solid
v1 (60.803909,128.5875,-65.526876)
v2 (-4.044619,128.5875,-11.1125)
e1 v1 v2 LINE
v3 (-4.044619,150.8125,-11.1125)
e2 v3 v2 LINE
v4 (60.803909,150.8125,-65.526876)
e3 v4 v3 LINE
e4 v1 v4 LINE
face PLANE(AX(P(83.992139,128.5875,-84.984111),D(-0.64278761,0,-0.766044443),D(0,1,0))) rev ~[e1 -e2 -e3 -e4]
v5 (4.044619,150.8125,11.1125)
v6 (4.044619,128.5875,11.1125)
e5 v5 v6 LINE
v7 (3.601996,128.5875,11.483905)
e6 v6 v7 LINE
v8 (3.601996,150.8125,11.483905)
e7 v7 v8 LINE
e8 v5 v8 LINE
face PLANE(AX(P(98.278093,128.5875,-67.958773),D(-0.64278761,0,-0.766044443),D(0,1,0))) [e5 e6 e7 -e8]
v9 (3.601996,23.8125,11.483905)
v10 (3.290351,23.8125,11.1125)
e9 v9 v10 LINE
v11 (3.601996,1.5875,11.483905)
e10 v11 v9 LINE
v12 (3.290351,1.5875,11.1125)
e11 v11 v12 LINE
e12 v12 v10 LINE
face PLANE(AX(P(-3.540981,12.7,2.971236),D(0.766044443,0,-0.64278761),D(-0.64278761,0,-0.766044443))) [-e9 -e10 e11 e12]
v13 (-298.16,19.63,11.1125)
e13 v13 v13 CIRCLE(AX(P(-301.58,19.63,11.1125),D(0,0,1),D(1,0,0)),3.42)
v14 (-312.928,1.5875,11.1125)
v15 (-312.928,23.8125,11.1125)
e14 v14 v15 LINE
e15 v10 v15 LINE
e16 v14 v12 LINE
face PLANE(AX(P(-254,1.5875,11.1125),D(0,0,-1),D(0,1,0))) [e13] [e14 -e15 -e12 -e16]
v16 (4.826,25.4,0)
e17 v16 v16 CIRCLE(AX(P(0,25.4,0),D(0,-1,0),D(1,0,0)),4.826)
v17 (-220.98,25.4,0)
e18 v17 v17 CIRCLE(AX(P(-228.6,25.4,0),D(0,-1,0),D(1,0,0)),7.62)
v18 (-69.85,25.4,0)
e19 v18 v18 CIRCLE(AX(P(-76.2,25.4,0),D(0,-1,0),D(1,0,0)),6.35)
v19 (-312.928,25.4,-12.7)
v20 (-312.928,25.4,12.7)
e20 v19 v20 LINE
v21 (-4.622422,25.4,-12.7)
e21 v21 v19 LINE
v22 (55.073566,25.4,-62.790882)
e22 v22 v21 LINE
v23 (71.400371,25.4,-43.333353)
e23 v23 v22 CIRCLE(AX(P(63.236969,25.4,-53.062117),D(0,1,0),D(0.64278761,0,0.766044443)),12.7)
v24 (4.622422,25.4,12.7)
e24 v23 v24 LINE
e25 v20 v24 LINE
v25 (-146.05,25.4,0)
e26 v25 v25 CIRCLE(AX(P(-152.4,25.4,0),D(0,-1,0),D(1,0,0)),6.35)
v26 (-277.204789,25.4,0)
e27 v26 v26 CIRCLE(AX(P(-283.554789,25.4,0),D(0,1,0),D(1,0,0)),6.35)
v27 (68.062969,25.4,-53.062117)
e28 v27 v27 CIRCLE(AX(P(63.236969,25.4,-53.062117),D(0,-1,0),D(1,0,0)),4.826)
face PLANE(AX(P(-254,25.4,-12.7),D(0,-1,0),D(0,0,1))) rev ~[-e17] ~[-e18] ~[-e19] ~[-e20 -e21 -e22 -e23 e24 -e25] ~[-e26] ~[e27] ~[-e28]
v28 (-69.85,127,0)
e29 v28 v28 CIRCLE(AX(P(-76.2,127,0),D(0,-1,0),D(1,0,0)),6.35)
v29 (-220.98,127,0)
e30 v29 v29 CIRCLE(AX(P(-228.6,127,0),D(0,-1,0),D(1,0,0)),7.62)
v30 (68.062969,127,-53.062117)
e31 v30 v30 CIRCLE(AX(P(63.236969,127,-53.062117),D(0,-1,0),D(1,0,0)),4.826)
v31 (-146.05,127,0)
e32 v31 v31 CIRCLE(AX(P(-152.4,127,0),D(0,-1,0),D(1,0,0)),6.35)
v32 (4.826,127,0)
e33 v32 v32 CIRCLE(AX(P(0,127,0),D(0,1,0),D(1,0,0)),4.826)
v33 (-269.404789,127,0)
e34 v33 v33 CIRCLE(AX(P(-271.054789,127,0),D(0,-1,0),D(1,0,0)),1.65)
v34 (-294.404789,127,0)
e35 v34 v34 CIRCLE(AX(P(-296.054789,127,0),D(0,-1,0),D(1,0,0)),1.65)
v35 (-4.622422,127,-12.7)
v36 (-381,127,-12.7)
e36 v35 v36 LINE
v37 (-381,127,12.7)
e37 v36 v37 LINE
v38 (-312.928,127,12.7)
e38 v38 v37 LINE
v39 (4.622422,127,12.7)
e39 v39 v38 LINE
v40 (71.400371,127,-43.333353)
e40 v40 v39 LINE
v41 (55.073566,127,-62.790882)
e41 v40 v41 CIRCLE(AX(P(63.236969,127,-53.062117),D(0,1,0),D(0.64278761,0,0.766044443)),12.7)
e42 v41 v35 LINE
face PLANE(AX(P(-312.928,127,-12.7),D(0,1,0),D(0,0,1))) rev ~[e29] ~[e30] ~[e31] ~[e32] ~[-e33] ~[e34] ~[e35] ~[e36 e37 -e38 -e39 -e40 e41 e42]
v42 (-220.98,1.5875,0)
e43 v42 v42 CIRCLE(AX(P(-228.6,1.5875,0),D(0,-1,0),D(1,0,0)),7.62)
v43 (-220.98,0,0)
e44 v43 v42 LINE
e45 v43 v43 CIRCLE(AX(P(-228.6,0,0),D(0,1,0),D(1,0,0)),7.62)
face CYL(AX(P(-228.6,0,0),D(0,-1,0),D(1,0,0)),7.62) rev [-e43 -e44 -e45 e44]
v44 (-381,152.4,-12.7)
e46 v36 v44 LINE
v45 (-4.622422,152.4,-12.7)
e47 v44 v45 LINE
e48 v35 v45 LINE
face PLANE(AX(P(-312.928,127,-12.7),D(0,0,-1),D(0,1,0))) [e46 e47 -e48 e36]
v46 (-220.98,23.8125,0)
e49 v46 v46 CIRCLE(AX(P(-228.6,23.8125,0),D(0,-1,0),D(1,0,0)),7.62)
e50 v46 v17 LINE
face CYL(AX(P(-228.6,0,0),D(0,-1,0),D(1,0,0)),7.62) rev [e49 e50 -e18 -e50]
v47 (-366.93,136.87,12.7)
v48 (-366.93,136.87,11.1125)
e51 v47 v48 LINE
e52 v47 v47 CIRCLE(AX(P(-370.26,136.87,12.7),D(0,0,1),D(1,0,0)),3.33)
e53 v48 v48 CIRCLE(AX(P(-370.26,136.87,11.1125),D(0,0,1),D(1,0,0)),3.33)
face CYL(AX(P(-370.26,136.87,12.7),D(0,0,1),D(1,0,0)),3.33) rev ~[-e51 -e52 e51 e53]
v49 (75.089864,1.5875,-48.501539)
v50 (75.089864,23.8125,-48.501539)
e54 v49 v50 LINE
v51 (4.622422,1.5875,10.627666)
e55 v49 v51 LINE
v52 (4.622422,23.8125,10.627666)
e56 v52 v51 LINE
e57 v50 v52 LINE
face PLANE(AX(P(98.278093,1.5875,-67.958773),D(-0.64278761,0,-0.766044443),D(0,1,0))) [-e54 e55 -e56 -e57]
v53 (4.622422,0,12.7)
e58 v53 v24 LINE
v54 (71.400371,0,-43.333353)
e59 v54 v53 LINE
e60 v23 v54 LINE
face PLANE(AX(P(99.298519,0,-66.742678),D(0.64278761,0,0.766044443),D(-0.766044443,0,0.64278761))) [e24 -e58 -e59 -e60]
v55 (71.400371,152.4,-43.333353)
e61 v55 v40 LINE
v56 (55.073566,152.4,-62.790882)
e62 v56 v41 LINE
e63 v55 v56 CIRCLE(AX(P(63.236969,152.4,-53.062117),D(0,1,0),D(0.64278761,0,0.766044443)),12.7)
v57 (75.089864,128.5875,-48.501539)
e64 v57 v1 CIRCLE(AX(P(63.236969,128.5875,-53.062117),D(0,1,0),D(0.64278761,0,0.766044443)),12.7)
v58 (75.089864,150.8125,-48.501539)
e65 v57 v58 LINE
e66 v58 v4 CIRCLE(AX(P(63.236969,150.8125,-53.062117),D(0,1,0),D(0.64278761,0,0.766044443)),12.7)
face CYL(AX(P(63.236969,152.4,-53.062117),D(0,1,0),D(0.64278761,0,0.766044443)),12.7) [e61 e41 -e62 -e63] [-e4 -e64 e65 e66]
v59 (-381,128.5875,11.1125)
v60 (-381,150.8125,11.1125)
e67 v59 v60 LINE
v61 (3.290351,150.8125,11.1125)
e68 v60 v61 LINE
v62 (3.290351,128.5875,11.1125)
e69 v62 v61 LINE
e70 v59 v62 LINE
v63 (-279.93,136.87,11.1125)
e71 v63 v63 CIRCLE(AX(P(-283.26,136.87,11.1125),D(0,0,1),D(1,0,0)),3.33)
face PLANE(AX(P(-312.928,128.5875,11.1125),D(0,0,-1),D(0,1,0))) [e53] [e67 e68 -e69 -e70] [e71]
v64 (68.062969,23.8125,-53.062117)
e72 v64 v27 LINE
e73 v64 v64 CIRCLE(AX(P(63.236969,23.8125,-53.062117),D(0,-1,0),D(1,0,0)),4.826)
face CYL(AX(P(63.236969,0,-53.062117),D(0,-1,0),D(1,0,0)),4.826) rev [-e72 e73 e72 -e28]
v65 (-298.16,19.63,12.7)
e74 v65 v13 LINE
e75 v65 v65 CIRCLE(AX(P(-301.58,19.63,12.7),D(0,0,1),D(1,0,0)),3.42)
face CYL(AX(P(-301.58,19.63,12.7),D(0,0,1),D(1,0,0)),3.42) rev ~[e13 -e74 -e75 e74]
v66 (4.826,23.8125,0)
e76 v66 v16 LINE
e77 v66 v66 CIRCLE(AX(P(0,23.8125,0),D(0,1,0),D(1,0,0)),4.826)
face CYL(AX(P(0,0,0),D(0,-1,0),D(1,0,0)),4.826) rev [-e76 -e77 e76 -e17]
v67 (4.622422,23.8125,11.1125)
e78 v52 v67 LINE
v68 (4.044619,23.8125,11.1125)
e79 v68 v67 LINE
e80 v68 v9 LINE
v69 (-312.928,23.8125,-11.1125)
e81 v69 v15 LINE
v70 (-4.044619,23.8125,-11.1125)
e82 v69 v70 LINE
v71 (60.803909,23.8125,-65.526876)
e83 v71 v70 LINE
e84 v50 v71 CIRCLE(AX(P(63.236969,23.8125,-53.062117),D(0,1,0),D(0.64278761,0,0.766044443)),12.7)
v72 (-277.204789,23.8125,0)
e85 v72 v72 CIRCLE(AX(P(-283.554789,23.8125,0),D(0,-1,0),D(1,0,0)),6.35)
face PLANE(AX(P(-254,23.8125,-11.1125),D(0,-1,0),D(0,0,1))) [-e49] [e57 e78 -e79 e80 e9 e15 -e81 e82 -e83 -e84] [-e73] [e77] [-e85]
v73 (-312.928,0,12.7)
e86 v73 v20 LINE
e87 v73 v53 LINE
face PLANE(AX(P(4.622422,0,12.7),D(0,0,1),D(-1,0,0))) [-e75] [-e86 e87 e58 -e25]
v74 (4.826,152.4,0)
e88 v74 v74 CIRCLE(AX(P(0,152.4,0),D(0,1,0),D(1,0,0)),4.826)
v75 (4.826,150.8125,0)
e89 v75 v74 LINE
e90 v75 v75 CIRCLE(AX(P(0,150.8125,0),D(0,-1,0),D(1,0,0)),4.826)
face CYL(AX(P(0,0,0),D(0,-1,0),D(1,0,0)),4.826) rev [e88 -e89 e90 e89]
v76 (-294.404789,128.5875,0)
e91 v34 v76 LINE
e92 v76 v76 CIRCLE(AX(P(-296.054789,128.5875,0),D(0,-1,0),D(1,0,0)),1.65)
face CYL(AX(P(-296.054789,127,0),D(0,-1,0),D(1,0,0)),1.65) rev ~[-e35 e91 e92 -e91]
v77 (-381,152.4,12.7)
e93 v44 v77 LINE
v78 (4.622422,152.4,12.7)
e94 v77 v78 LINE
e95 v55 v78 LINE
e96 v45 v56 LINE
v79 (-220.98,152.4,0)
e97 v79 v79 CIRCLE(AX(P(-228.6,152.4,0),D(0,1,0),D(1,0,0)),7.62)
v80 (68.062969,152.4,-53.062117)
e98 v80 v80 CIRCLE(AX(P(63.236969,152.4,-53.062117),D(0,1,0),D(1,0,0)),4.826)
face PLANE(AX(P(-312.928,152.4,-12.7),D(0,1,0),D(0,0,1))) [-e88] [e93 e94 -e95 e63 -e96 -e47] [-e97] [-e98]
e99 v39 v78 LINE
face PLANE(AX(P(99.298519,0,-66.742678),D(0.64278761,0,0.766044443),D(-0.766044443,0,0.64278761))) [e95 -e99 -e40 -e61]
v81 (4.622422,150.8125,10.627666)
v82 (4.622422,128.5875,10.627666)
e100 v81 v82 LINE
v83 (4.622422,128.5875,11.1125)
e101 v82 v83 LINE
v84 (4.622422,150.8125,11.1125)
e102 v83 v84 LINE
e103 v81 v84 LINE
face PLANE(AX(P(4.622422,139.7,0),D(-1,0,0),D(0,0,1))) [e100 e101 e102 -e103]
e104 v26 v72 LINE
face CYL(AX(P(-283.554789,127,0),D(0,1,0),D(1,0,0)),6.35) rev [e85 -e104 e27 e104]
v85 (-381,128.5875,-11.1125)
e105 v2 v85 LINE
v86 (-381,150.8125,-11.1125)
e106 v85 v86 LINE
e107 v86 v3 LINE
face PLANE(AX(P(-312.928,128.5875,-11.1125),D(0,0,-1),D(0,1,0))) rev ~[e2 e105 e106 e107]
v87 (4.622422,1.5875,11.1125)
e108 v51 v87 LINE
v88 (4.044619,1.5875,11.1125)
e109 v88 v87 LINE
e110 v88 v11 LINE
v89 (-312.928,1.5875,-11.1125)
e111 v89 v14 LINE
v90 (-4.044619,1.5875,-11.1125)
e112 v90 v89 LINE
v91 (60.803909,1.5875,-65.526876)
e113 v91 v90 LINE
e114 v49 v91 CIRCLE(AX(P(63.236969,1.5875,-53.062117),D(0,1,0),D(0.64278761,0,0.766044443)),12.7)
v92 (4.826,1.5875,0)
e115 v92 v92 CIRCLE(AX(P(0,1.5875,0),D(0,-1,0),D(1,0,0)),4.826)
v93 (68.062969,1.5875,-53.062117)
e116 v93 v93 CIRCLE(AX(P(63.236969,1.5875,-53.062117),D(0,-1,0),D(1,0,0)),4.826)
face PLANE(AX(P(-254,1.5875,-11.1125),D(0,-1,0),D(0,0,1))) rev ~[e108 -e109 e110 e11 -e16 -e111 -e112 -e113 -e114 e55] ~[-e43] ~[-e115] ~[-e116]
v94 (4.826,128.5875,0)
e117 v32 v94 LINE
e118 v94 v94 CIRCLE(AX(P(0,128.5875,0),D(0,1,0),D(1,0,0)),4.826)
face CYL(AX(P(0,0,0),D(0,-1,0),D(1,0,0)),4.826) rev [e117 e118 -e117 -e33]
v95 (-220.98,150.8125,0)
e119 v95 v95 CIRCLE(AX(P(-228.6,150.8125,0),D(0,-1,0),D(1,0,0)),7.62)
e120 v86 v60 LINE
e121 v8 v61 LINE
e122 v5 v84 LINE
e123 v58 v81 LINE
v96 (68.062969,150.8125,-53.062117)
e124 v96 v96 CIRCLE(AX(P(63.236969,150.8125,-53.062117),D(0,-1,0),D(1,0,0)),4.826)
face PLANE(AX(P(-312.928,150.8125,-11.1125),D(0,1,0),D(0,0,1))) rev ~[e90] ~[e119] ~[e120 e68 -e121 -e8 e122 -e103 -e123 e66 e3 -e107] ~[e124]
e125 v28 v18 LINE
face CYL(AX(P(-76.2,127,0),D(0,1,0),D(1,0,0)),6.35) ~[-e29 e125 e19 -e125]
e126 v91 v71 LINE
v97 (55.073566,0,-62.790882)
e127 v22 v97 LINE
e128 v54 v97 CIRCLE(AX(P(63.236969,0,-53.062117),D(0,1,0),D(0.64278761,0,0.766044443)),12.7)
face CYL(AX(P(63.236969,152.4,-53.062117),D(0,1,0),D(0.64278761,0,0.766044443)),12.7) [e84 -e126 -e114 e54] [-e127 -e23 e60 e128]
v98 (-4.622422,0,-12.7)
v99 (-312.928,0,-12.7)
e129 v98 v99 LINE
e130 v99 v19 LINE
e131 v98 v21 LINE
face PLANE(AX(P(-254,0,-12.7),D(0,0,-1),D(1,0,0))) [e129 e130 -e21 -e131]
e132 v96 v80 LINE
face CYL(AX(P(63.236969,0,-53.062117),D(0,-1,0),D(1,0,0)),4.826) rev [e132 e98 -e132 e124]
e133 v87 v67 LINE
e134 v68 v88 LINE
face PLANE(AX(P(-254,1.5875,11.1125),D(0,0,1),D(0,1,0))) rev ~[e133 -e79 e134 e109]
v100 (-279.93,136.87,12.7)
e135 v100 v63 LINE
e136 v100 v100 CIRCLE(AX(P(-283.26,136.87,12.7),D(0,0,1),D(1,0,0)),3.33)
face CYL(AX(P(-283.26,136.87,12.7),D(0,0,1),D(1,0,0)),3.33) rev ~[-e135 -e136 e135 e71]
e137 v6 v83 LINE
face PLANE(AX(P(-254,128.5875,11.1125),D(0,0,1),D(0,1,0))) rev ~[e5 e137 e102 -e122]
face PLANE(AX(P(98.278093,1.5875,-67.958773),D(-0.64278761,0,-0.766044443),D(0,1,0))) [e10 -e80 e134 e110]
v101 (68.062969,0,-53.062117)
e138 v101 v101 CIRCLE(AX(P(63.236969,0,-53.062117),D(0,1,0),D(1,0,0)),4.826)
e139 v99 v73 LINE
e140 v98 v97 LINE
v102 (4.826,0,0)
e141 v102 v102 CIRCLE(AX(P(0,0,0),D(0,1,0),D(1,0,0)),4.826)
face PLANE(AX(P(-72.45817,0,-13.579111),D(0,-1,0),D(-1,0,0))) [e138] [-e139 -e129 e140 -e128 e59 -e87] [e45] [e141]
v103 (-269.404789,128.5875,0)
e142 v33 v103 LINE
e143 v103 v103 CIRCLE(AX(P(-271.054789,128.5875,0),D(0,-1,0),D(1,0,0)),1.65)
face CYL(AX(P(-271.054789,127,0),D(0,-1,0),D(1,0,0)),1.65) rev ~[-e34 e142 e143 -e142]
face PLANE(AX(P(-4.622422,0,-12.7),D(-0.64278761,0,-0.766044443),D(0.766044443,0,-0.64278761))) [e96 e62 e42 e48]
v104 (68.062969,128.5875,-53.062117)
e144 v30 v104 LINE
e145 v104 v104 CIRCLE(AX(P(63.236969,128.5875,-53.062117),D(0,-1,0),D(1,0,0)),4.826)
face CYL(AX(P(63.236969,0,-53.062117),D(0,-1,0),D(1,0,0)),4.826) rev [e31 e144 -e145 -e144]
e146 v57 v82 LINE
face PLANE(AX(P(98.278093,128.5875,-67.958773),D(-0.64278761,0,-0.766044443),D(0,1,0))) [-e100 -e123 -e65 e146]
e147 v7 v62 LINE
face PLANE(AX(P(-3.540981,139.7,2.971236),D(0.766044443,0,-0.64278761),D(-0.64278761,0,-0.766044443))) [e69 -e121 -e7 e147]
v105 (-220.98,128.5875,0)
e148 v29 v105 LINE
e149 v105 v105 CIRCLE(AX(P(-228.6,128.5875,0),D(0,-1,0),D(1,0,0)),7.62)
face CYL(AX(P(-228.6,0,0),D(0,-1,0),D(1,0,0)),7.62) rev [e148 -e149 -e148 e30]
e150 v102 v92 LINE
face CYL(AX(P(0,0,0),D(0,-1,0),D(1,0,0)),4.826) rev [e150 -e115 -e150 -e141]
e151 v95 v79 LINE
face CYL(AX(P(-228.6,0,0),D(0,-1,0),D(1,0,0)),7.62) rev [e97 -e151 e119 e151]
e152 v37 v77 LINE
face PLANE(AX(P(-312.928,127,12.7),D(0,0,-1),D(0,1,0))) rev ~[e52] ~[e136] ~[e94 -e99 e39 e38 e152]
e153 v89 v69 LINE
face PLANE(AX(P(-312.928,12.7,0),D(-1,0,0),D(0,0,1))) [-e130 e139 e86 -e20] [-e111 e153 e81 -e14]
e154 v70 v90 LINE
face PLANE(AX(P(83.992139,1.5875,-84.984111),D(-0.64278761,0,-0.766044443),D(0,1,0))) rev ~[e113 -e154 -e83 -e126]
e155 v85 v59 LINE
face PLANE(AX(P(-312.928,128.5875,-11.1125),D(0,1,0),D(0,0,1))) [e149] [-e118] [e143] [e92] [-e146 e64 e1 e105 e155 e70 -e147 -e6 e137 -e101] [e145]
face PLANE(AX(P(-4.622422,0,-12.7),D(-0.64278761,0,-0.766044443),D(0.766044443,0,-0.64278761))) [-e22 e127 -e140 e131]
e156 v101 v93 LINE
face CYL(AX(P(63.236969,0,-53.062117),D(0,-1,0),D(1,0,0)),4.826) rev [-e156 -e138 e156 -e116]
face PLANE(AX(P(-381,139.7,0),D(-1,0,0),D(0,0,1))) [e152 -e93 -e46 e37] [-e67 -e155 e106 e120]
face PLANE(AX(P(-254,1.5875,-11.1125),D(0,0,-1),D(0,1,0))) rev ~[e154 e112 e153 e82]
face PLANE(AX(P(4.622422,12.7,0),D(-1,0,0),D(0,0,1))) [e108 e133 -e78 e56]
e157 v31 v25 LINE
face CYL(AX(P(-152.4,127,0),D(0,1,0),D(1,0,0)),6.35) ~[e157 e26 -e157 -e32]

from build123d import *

# Parameters (mm, degrees)
SKETCH4_R           = 4.826
SKETCH4_R_2         = 7.62
BOSS_EXTRUDE3_DEPTH = 152.4
SKETCH5_W           = 22.225
SKETCH5_H           = 22.225
SKETCH5_W_2         = 25.4
SKETCH5_H_2         = 101.6
CUT_EXTRUDE2_DEPTH  = 258.622422
SKETCH6_W           = 25.4
SKETCH6_H           = 101.6
SKETCH6_W_2         = 22.225
SKETCH6_H_2         = 22.225
CUT_EXTRUDE3_DEPTH  = 123.590867
CUT_EXTRUDE4_DEPTH  = 152.4
SKETCH8_R           = 6.35
BOSS_EXTRUDE4_DEPTH = 101.6
SKETCH9_W           = 25.4
SKETCH9_H           = 25.4
SKETCH9_W_2         = 22.225
SKETCH9_H_2         = 22.225
BOSS_EXTRUDE5_DEPTH = 58.928
SKETCH11_R          = 1.65
CUT_EXTRUDE6_DEPTH  = 1.5875
SKETCH12_R          = 6.35
CUT_EXTRUDE7_DEPTH  = 103.1875
SKETCH13_W          = 25.4
SKETCH13_H          = 25.4
SKETCH13_W_2        = 22.225
SKETCH13_H_2        = 22.225
BOSS_EXTRUDE6_DEPTH = 68.072
SKETCH14_R          = 3.33
SKETCH14_R_2        = 3.42
CUT_EXTRUDE8_DEPTH  = 1.5875


with BuildPart() as part:
    # Sketch4 → Boss-Extrude3 (new body)
    with BuildSketch(Plane(origin=(0, 0, 0), x_dir=(1, 0, 0), z_dir=(0, 1, 0))):
        Polygon((-254, -12.7), (-254, 12.7), (-4.622421975, 12.7), (82.971713376, 86.200206667), (99.298518662, 66.742677811), (4.622421975, -12.7), align=None)
        Circle(SKETCH4_R, mode=Mode.SUBTRACT)
        with Locations((63.236968779, 53.06211718)):
            Circle(SKETCH4_R, mode=Mode.SUBTRACT)
        with Locations((-228.6, 0)):
            Circle(SKETCH4_R_2, mode=Mode.SUBTRACT)
    extrude(amount=BOSS_EXTRUDE3_DEPTH)

    # Sketch5 → Cut-Extrude2 (cut)
    with BuildSketch(Plane.ZY.offset(254)):
        with Locations((0, 139.7)):
            Rectangle(SKETCH5_W, SKETCH5_H)
        with Locations((0, 76.2)):
            Rectangle(SKETCH5_W_2, SKETCH5_H_2)
        with Locations((0, 12.7)):
            Rectangle(SKETCH5_W, SKETCH5_H)
    extrude(amount=-CUT_EXTRUDE2_DEPTH, mode=Mode.SUBTRACT)

    # Sketch6 → Cut-Extrude3 (cut)
    with BuildSketch(Plane(origin=(91.135116019, 0, -76.471442239), x_dir=(-0.64278761, 0, -0.766044443), z_dir=(0.766044443, 0, -0.64278761))):
        with Locations((0, 76.2)):
            Rectangle(SKETCH6_W, SKETCH6_H)
        with Locations((0, 139.7)):
            Rectangle(SKETCH6_W_2, SKETCH6_H_2)
        with Locations((0, 12.7)):
            Rectangle(SKETCH6_W_2, SKETCH6_H_2)
    extrude(amount=-CUT_EXTRUDE3_DEPTH, mode=Mode.SUBTRACT)

    # Sketch7 → Cut-Extrude4 (cut)
    with BuildSketch(Plane(origin=(0, 152.4, 0), x_dir=(1, 0, 0), z_dir=(0, 1, 0))):
        with BuildLine():
            Line((55.073566136, 62.790881607), (14.292485888, 190.379547218))
            Line((14.292485888, 190.379547218), (153.844328146, 116.591677596))
            Line((153.844328146, 116.591677596), (141.535463421, -3.473116834))
            Line((141.535463421, -3.473116834), (71.400371422, 43.333352752))
            ThreePointArc((71.400371422, 43.333352752), (72.965733207, 61.225519823), (55.073566136, 62.790881607))
        make_face()
    extrude(amount=-CUT_EXTRUDE4_DEPTH, mode=Mode.SUBTRACT)

    # Sketch8 → Boss-Extrude4 (add)
    with BuildSketch(Plane.XZ.offset(-127)):
        with Locations((-76.2, 0)):
            Circle(SKETCH8_R)
        with Locations((-152.4, 0)):
            Circle(SKETCH8_R)
    extrude(amount=BOSS_EXTRUDE4_DEPTH)

    # Sketch9 → Boss-Extrude5 (add)
    with BuildSketch(Plane.ZY.offset(254)):
        with Locations((0, 139.7)):
            Rectangle(SKETCH9_W, SKETCH9_H)
        with Locations((0, 139.7)):
            Rectangle(SKETCH9_W_2, SKETCH9_H_2, mode=Mode.SUBTRACT)
        with Locations((0, 12.7)):
            Rectangle(SKETCH9_W, SKETCH9_H)
        with Locations((0, 12.7)):
            Rectangle(SKETCH9_W_2, SKETCH9_H_2, mode=Mode.SUBTRACT)
    extrude(amount=BOSS_EXTRUDE5_DEPTH)

    # Sketch11 → Cut-Extrude6 (cut)
    with BuildSketch(Plane.XZ.offset(-127)):
        with Locations((-271.054789466, 0)):
            Circle(SKETCH11_R)
        with Locations((-296.054789466, 0)):
            Circle(SKETCH11_R)
    extrude(amount=-CUT_EXTRUDE6_DEPTH, mode=Mode.SUBTRACT)

    # Sketch12 → Cut-Extrude7 (cut)
    with BuildSketch(Plane.XZ.offset(-127)):
        with Locations((-283.554789466, 0)):
            Circle(SKETCH12_R)
    extrude(amount=CUT_EXTRUDE7_DEPTH, mode=Mode.SUBTRACT)

    # Sketch13 → Boss-Extrude6 (add)
    with BuildSketch(Plane.ZY.offset(312.928)):
        with Locations((0, 139.7)):
            Rectangle(SKETCH13_W, SKETCH13_H)
        with Locations((0, 139.7)):
            Rectangle(SKETCH13_W_2, SKETCH13_H_2, mode=Mode.SUBTRACT)
    extrude(amount=BOSS_EXTRUDE6_DEPTH)

    # Sketch14 → Cut-Extrude8 (cut)
    with BuildSketch(Plane.XY.offset(12.7)):
        with Locations((-370.26, 136.87)):
            Circle(SKETCH14_R)
        with Locations((-283.26, 136.87)):
            Circle(SKETCH14_R)
        with Locations((-301.58, 19.63)):
            Circle(SKETCH14_R_2)
    extrude(amount=-CUT_EXTRUDE8_DEPTH, mode=Mode.SUBTRACT)


solid = part.part
